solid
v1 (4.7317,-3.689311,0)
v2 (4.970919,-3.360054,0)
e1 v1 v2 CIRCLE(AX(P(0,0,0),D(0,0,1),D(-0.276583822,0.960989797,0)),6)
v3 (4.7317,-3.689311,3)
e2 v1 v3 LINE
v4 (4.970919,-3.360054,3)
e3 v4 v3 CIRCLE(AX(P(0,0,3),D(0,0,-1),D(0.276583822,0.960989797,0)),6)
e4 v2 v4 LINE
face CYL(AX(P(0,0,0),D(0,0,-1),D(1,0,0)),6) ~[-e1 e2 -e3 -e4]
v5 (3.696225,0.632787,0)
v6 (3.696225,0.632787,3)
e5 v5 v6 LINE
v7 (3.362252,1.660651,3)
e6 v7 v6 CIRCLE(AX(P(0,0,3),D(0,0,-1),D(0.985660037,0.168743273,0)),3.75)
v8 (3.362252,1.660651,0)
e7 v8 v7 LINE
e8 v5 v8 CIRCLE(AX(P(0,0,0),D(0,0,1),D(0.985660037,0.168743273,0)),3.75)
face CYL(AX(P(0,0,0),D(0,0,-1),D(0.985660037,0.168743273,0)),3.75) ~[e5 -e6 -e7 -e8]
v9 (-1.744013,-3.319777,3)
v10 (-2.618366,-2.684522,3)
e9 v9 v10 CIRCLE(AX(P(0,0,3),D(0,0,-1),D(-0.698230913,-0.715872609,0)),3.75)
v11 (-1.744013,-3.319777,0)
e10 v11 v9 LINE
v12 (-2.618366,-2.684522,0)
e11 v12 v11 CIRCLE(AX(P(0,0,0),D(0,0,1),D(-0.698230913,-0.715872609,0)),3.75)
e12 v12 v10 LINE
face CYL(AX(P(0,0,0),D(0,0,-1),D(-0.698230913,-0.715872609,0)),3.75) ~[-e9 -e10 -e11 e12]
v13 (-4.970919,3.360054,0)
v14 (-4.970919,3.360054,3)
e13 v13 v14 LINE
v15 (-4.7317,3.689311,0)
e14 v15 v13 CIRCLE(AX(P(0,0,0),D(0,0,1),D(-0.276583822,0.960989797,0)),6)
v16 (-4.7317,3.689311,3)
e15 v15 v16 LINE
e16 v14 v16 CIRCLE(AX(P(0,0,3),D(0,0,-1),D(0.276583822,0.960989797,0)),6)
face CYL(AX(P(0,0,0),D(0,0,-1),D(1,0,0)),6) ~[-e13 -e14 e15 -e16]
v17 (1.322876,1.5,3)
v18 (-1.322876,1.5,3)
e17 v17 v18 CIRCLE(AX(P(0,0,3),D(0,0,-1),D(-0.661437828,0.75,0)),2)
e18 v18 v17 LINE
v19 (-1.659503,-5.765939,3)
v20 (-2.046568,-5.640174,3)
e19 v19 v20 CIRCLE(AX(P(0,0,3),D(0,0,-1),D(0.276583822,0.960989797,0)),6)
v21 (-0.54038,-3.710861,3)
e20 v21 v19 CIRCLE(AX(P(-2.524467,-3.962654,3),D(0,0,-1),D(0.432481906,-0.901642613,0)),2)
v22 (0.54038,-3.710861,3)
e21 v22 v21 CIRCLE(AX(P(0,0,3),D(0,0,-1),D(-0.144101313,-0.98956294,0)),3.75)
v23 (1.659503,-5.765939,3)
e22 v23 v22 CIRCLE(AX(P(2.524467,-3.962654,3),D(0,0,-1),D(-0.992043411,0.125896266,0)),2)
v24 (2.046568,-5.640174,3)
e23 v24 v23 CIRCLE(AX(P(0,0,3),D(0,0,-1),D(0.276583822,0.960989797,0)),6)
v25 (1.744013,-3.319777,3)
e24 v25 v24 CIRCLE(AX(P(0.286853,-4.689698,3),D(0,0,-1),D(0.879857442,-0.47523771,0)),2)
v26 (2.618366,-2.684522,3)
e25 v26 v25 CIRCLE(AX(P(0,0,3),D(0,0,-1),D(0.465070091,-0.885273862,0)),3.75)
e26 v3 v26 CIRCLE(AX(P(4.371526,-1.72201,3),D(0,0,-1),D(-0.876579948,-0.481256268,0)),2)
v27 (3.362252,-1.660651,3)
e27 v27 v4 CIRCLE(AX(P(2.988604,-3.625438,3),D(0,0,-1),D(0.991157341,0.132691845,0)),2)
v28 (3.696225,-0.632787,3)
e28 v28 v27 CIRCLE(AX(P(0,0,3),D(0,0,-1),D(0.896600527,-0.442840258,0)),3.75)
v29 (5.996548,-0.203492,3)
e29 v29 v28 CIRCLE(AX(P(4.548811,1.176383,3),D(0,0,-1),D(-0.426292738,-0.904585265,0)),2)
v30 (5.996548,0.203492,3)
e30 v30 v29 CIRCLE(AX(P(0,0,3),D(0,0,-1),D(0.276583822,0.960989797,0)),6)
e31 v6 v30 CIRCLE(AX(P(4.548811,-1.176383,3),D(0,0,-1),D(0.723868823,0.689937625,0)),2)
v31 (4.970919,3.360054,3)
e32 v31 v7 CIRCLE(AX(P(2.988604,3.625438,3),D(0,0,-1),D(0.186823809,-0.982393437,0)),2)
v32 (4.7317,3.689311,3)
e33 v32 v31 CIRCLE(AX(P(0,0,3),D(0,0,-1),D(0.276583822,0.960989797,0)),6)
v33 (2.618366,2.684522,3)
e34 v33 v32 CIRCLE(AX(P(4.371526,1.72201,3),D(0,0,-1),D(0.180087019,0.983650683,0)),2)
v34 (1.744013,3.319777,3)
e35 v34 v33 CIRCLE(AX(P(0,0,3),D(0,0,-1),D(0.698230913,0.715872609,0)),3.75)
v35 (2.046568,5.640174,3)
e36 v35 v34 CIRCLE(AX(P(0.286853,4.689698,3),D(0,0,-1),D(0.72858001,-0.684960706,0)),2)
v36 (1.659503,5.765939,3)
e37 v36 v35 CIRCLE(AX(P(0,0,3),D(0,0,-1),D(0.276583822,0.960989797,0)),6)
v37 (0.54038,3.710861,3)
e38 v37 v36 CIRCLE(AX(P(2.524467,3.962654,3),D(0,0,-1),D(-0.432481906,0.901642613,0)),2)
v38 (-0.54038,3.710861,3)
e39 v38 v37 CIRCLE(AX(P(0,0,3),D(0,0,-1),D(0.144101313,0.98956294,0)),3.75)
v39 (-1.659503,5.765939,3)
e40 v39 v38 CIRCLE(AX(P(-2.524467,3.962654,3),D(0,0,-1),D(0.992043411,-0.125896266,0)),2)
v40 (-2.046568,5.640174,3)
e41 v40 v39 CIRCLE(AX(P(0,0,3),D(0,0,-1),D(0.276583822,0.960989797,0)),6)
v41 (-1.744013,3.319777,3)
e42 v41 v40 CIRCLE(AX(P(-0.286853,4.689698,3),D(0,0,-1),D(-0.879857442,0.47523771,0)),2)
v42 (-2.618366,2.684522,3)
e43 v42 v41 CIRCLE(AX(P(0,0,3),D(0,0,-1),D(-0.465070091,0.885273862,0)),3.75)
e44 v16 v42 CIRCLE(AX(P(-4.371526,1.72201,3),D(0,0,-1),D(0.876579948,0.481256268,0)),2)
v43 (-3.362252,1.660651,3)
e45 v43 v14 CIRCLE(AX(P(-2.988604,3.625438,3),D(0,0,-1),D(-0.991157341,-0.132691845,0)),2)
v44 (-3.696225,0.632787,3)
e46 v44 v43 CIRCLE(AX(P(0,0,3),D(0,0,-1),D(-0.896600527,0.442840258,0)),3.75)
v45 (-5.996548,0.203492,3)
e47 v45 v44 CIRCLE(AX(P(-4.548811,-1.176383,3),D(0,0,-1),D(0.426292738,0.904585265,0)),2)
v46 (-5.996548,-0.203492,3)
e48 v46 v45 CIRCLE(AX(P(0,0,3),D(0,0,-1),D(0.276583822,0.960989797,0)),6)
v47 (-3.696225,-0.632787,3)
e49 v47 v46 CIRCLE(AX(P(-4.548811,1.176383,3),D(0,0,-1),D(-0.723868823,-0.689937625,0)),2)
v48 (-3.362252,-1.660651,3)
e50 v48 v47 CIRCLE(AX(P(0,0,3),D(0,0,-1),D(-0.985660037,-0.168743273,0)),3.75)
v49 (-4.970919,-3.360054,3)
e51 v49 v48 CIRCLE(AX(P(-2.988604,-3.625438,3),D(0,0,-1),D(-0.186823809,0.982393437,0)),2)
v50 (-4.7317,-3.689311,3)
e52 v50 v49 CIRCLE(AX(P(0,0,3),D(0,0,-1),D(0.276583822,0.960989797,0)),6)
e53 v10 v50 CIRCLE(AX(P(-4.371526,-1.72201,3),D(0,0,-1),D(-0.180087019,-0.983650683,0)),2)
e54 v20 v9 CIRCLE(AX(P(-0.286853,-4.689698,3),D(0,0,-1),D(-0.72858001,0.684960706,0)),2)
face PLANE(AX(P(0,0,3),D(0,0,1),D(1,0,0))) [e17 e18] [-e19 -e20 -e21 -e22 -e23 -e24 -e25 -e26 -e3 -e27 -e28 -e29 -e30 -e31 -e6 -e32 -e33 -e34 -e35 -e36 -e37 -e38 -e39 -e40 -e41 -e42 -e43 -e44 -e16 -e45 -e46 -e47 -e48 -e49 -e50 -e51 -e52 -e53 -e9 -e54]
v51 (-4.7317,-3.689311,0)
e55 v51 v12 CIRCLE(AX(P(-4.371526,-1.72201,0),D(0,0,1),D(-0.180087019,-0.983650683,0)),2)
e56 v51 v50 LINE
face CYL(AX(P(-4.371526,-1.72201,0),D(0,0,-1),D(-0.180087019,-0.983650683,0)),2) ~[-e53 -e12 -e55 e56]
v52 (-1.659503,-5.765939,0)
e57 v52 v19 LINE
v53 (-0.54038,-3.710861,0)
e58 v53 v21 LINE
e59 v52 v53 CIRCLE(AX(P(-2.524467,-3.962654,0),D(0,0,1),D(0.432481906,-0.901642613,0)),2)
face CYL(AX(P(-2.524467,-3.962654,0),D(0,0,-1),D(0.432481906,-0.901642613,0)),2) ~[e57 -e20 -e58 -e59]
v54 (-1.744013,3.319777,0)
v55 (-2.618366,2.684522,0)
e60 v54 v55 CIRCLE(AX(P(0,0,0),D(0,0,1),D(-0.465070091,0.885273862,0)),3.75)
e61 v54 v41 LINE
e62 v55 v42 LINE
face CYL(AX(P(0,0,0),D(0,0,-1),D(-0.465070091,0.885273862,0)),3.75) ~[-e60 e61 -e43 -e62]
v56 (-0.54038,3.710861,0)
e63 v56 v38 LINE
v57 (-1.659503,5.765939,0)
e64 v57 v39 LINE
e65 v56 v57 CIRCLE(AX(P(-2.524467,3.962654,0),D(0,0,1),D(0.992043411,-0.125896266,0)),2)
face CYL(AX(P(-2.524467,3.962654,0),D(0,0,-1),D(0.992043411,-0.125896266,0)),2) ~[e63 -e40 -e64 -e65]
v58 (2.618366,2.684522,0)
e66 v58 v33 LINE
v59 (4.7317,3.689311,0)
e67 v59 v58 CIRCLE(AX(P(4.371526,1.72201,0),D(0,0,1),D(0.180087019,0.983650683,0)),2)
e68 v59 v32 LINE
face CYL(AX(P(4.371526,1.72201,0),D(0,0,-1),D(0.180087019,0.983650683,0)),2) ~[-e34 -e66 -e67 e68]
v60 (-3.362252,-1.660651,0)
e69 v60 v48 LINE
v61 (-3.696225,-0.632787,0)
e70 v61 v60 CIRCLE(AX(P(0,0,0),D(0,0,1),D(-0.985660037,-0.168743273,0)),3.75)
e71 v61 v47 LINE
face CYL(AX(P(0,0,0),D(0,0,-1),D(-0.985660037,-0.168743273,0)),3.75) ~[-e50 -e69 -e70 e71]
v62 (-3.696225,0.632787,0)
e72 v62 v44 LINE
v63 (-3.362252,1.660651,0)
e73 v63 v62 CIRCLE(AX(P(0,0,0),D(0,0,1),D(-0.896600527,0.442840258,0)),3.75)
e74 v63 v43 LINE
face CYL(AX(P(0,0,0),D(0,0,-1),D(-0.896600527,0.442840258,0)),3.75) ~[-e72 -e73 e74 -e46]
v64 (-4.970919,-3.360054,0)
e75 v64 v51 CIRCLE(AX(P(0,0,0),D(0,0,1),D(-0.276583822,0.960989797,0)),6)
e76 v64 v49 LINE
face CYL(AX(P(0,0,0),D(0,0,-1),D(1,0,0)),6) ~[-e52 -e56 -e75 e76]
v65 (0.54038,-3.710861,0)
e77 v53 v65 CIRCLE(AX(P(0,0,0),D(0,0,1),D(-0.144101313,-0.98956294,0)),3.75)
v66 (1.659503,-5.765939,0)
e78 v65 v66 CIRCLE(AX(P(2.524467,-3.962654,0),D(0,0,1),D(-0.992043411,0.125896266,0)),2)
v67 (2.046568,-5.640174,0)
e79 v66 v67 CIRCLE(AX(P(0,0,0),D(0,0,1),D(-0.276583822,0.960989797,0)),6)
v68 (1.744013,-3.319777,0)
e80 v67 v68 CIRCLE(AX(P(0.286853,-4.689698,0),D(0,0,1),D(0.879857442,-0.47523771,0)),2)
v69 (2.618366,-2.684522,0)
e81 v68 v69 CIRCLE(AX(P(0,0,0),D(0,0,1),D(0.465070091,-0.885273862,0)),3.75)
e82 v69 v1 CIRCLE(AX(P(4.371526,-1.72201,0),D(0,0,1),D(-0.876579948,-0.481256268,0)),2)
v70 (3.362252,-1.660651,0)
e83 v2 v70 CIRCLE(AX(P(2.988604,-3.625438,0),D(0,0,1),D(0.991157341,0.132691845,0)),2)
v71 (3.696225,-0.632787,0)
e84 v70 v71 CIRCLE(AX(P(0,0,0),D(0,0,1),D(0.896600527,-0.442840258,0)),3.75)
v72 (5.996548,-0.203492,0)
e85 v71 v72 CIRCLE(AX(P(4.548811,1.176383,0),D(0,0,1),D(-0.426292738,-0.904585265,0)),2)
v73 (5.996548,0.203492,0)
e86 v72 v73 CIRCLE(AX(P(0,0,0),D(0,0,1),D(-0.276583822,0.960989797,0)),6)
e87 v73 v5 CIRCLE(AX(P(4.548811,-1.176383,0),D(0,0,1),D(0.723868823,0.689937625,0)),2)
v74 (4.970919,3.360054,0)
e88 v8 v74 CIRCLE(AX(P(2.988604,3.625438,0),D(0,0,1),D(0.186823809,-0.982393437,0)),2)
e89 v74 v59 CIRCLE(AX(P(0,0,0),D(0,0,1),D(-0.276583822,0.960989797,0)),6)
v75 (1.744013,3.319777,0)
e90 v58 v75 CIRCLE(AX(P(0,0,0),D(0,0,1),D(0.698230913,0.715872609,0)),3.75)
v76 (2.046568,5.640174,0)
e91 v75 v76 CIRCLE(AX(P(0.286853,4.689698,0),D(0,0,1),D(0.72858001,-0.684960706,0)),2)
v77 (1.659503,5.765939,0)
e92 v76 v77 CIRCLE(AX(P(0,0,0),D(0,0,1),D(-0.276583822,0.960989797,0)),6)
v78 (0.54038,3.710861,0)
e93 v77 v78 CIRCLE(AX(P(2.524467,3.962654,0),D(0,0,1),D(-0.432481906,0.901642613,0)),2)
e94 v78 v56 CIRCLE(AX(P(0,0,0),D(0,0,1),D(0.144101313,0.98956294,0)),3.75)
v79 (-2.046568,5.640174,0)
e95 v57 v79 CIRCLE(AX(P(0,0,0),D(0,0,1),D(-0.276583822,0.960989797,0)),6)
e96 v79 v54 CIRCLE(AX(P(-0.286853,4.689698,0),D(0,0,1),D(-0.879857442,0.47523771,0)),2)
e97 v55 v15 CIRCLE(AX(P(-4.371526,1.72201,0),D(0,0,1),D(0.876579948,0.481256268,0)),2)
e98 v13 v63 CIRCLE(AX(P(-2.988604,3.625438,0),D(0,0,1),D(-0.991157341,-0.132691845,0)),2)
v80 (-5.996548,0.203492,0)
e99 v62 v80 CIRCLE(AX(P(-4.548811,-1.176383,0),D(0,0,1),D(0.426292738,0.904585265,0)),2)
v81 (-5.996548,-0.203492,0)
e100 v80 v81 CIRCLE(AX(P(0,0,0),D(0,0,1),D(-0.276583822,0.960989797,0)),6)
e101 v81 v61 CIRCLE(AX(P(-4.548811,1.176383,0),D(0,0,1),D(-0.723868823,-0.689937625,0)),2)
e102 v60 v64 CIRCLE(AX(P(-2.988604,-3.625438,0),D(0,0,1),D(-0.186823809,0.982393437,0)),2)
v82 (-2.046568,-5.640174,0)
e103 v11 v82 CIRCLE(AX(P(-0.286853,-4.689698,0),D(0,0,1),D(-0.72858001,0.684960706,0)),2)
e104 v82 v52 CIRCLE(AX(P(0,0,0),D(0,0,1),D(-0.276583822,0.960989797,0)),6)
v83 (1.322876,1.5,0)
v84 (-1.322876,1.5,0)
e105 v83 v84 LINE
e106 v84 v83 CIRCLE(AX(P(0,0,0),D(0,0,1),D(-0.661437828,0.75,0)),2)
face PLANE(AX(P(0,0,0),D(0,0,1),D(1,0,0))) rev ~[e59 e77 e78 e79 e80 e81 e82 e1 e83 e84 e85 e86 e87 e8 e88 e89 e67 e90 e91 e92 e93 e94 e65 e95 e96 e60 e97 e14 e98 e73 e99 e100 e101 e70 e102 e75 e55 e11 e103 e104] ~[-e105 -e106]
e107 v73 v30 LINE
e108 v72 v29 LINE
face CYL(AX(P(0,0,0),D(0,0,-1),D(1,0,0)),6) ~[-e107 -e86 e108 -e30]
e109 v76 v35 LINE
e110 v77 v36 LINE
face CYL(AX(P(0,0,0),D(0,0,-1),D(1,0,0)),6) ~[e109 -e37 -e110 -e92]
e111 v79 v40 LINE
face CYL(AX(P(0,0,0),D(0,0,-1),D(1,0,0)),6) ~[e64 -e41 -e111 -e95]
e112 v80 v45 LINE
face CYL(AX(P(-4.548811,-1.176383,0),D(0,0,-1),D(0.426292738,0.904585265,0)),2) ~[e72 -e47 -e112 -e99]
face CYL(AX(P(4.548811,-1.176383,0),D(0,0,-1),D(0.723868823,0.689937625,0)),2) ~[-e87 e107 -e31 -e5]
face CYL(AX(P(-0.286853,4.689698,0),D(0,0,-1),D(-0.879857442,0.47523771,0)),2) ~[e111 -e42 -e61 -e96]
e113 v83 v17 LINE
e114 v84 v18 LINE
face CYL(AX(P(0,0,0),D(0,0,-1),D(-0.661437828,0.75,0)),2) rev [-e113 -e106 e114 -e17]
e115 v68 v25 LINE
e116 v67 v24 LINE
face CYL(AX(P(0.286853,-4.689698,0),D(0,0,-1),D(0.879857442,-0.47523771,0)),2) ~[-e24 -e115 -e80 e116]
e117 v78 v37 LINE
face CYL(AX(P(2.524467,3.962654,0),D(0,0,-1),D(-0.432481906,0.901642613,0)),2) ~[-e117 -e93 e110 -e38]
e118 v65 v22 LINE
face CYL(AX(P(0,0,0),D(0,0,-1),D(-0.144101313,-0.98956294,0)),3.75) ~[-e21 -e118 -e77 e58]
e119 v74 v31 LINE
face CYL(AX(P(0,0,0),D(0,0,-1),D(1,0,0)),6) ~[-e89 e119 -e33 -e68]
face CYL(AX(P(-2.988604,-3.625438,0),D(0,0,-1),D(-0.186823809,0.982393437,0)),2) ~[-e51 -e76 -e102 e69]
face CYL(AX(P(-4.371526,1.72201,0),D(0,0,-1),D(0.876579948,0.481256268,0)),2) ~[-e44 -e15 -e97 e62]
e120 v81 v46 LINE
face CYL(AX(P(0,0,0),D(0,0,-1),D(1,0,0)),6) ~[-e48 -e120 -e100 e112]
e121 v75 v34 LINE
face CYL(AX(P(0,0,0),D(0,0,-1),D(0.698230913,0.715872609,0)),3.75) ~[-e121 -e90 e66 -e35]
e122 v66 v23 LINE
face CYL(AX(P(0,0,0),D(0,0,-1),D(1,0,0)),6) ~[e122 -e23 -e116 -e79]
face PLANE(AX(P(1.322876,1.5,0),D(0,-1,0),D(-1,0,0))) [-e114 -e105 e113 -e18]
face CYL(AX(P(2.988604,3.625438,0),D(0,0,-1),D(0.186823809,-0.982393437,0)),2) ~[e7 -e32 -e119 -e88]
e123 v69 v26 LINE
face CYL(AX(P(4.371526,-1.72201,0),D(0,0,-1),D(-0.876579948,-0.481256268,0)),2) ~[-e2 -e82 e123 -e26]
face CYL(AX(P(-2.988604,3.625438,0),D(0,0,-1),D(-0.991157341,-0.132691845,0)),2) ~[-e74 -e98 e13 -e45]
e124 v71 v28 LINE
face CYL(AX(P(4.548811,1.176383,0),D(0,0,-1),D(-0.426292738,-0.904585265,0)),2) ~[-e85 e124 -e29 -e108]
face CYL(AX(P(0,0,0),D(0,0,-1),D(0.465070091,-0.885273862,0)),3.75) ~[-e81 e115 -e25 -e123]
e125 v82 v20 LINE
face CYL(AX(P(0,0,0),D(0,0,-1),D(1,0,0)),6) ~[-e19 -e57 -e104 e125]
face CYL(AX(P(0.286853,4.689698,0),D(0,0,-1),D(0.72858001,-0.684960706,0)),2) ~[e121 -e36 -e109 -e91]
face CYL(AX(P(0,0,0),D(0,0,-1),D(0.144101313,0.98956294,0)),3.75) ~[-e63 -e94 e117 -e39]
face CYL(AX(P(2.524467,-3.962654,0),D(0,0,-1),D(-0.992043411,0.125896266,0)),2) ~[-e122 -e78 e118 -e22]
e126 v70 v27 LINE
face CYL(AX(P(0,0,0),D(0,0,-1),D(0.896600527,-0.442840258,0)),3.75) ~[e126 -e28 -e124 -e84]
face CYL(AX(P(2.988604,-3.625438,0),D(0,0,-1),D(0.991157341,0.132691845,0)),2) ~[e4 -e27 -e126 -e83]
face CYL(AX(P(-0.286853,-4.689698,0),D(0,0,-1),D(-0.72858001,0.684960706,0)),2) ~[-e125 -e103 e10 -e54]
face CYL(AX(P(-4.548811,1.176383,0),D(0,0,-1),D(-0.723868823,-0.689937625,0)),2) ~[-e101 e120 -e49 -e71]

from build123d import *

# Parameters (mm, degrees)
SKETCH1_R           = 6
BOSS_EXTRUDE1_DEPTH = 3
CUT_EXTRUDE2_DEPTH  = 4
CIRPATTERN1_COUNT   = 10
CUT_EXTRUDE4_DEPTH  = 4


with BuildPart() as part:
    # Sketch1 → Boss-Extrude1 (new body)
    with BuildSketch(Plane.XY):
        Circle(SKETCH1_R)
    extrude(amount=BOSS_EXTRUDE1_DEPTH)

    # Sketch2 → Cut-Extrude2 (cut, through all)
    with BuildSketch(Plane(origin=(0, 0, 0), x_dir=(-1, 0, 0), z_dir=(0, 0, -1))):
        with BuildLine():
            ThreePointArc((-1.659502931, 5.765938781), (-0.768019042, 4.919153149), (-0.540379921, 3.710861024))
            ThreePointArc((-0.540379921, 3.710861024), (0, 3.75), (0.540379921, 3.710861024))
            ThreePointArc((0.540379921, 3.710861024), (0.768019042, 4.919153149), (1.659502931, 5.765938781))
            ThreePointArc((1.659502931, 5.765938781), (0, 6), (-1.659502931, 5.765938781))
        make_face()
    cut_extrude2 = extrude(amount=-CUT_EXTRUDE2_DEPTH, mode=Mode.SUBTRACT)

    # CirPattern1: Cut-Extrude2 ×10 about axis
    cirpattern1_axis = Axis((0, 0, 0), (0, 0, 1))
    for i in range(1, CIRPATTERN1_COUNT):
        add(cut_extrude2.rotate(cirpattern1_axis, i * 360 / CIRPATTERN1_COUNT), mode=Mode.SUBTRACT)

    # Sketch4 → Cut-Extrude4 (cut, through all)
    with BuildSketch(Plane(origin=(0, 0, 0), x_dir=(-1, 0, 0), z_dir=(0, 0, -1))):
        with BuildLine():
            Line((-1.322875656, 1.5), (1.322875656, 1.5))
            ThreePointArc((1.322875656, 1.5), (0, -2), (-1.322875656, 1.5))
        make_face()
    extrude(amount=-CUT_EXTRUDE4_DEPTH, mode=Mode.SUBTRACT)


solid = part.part
